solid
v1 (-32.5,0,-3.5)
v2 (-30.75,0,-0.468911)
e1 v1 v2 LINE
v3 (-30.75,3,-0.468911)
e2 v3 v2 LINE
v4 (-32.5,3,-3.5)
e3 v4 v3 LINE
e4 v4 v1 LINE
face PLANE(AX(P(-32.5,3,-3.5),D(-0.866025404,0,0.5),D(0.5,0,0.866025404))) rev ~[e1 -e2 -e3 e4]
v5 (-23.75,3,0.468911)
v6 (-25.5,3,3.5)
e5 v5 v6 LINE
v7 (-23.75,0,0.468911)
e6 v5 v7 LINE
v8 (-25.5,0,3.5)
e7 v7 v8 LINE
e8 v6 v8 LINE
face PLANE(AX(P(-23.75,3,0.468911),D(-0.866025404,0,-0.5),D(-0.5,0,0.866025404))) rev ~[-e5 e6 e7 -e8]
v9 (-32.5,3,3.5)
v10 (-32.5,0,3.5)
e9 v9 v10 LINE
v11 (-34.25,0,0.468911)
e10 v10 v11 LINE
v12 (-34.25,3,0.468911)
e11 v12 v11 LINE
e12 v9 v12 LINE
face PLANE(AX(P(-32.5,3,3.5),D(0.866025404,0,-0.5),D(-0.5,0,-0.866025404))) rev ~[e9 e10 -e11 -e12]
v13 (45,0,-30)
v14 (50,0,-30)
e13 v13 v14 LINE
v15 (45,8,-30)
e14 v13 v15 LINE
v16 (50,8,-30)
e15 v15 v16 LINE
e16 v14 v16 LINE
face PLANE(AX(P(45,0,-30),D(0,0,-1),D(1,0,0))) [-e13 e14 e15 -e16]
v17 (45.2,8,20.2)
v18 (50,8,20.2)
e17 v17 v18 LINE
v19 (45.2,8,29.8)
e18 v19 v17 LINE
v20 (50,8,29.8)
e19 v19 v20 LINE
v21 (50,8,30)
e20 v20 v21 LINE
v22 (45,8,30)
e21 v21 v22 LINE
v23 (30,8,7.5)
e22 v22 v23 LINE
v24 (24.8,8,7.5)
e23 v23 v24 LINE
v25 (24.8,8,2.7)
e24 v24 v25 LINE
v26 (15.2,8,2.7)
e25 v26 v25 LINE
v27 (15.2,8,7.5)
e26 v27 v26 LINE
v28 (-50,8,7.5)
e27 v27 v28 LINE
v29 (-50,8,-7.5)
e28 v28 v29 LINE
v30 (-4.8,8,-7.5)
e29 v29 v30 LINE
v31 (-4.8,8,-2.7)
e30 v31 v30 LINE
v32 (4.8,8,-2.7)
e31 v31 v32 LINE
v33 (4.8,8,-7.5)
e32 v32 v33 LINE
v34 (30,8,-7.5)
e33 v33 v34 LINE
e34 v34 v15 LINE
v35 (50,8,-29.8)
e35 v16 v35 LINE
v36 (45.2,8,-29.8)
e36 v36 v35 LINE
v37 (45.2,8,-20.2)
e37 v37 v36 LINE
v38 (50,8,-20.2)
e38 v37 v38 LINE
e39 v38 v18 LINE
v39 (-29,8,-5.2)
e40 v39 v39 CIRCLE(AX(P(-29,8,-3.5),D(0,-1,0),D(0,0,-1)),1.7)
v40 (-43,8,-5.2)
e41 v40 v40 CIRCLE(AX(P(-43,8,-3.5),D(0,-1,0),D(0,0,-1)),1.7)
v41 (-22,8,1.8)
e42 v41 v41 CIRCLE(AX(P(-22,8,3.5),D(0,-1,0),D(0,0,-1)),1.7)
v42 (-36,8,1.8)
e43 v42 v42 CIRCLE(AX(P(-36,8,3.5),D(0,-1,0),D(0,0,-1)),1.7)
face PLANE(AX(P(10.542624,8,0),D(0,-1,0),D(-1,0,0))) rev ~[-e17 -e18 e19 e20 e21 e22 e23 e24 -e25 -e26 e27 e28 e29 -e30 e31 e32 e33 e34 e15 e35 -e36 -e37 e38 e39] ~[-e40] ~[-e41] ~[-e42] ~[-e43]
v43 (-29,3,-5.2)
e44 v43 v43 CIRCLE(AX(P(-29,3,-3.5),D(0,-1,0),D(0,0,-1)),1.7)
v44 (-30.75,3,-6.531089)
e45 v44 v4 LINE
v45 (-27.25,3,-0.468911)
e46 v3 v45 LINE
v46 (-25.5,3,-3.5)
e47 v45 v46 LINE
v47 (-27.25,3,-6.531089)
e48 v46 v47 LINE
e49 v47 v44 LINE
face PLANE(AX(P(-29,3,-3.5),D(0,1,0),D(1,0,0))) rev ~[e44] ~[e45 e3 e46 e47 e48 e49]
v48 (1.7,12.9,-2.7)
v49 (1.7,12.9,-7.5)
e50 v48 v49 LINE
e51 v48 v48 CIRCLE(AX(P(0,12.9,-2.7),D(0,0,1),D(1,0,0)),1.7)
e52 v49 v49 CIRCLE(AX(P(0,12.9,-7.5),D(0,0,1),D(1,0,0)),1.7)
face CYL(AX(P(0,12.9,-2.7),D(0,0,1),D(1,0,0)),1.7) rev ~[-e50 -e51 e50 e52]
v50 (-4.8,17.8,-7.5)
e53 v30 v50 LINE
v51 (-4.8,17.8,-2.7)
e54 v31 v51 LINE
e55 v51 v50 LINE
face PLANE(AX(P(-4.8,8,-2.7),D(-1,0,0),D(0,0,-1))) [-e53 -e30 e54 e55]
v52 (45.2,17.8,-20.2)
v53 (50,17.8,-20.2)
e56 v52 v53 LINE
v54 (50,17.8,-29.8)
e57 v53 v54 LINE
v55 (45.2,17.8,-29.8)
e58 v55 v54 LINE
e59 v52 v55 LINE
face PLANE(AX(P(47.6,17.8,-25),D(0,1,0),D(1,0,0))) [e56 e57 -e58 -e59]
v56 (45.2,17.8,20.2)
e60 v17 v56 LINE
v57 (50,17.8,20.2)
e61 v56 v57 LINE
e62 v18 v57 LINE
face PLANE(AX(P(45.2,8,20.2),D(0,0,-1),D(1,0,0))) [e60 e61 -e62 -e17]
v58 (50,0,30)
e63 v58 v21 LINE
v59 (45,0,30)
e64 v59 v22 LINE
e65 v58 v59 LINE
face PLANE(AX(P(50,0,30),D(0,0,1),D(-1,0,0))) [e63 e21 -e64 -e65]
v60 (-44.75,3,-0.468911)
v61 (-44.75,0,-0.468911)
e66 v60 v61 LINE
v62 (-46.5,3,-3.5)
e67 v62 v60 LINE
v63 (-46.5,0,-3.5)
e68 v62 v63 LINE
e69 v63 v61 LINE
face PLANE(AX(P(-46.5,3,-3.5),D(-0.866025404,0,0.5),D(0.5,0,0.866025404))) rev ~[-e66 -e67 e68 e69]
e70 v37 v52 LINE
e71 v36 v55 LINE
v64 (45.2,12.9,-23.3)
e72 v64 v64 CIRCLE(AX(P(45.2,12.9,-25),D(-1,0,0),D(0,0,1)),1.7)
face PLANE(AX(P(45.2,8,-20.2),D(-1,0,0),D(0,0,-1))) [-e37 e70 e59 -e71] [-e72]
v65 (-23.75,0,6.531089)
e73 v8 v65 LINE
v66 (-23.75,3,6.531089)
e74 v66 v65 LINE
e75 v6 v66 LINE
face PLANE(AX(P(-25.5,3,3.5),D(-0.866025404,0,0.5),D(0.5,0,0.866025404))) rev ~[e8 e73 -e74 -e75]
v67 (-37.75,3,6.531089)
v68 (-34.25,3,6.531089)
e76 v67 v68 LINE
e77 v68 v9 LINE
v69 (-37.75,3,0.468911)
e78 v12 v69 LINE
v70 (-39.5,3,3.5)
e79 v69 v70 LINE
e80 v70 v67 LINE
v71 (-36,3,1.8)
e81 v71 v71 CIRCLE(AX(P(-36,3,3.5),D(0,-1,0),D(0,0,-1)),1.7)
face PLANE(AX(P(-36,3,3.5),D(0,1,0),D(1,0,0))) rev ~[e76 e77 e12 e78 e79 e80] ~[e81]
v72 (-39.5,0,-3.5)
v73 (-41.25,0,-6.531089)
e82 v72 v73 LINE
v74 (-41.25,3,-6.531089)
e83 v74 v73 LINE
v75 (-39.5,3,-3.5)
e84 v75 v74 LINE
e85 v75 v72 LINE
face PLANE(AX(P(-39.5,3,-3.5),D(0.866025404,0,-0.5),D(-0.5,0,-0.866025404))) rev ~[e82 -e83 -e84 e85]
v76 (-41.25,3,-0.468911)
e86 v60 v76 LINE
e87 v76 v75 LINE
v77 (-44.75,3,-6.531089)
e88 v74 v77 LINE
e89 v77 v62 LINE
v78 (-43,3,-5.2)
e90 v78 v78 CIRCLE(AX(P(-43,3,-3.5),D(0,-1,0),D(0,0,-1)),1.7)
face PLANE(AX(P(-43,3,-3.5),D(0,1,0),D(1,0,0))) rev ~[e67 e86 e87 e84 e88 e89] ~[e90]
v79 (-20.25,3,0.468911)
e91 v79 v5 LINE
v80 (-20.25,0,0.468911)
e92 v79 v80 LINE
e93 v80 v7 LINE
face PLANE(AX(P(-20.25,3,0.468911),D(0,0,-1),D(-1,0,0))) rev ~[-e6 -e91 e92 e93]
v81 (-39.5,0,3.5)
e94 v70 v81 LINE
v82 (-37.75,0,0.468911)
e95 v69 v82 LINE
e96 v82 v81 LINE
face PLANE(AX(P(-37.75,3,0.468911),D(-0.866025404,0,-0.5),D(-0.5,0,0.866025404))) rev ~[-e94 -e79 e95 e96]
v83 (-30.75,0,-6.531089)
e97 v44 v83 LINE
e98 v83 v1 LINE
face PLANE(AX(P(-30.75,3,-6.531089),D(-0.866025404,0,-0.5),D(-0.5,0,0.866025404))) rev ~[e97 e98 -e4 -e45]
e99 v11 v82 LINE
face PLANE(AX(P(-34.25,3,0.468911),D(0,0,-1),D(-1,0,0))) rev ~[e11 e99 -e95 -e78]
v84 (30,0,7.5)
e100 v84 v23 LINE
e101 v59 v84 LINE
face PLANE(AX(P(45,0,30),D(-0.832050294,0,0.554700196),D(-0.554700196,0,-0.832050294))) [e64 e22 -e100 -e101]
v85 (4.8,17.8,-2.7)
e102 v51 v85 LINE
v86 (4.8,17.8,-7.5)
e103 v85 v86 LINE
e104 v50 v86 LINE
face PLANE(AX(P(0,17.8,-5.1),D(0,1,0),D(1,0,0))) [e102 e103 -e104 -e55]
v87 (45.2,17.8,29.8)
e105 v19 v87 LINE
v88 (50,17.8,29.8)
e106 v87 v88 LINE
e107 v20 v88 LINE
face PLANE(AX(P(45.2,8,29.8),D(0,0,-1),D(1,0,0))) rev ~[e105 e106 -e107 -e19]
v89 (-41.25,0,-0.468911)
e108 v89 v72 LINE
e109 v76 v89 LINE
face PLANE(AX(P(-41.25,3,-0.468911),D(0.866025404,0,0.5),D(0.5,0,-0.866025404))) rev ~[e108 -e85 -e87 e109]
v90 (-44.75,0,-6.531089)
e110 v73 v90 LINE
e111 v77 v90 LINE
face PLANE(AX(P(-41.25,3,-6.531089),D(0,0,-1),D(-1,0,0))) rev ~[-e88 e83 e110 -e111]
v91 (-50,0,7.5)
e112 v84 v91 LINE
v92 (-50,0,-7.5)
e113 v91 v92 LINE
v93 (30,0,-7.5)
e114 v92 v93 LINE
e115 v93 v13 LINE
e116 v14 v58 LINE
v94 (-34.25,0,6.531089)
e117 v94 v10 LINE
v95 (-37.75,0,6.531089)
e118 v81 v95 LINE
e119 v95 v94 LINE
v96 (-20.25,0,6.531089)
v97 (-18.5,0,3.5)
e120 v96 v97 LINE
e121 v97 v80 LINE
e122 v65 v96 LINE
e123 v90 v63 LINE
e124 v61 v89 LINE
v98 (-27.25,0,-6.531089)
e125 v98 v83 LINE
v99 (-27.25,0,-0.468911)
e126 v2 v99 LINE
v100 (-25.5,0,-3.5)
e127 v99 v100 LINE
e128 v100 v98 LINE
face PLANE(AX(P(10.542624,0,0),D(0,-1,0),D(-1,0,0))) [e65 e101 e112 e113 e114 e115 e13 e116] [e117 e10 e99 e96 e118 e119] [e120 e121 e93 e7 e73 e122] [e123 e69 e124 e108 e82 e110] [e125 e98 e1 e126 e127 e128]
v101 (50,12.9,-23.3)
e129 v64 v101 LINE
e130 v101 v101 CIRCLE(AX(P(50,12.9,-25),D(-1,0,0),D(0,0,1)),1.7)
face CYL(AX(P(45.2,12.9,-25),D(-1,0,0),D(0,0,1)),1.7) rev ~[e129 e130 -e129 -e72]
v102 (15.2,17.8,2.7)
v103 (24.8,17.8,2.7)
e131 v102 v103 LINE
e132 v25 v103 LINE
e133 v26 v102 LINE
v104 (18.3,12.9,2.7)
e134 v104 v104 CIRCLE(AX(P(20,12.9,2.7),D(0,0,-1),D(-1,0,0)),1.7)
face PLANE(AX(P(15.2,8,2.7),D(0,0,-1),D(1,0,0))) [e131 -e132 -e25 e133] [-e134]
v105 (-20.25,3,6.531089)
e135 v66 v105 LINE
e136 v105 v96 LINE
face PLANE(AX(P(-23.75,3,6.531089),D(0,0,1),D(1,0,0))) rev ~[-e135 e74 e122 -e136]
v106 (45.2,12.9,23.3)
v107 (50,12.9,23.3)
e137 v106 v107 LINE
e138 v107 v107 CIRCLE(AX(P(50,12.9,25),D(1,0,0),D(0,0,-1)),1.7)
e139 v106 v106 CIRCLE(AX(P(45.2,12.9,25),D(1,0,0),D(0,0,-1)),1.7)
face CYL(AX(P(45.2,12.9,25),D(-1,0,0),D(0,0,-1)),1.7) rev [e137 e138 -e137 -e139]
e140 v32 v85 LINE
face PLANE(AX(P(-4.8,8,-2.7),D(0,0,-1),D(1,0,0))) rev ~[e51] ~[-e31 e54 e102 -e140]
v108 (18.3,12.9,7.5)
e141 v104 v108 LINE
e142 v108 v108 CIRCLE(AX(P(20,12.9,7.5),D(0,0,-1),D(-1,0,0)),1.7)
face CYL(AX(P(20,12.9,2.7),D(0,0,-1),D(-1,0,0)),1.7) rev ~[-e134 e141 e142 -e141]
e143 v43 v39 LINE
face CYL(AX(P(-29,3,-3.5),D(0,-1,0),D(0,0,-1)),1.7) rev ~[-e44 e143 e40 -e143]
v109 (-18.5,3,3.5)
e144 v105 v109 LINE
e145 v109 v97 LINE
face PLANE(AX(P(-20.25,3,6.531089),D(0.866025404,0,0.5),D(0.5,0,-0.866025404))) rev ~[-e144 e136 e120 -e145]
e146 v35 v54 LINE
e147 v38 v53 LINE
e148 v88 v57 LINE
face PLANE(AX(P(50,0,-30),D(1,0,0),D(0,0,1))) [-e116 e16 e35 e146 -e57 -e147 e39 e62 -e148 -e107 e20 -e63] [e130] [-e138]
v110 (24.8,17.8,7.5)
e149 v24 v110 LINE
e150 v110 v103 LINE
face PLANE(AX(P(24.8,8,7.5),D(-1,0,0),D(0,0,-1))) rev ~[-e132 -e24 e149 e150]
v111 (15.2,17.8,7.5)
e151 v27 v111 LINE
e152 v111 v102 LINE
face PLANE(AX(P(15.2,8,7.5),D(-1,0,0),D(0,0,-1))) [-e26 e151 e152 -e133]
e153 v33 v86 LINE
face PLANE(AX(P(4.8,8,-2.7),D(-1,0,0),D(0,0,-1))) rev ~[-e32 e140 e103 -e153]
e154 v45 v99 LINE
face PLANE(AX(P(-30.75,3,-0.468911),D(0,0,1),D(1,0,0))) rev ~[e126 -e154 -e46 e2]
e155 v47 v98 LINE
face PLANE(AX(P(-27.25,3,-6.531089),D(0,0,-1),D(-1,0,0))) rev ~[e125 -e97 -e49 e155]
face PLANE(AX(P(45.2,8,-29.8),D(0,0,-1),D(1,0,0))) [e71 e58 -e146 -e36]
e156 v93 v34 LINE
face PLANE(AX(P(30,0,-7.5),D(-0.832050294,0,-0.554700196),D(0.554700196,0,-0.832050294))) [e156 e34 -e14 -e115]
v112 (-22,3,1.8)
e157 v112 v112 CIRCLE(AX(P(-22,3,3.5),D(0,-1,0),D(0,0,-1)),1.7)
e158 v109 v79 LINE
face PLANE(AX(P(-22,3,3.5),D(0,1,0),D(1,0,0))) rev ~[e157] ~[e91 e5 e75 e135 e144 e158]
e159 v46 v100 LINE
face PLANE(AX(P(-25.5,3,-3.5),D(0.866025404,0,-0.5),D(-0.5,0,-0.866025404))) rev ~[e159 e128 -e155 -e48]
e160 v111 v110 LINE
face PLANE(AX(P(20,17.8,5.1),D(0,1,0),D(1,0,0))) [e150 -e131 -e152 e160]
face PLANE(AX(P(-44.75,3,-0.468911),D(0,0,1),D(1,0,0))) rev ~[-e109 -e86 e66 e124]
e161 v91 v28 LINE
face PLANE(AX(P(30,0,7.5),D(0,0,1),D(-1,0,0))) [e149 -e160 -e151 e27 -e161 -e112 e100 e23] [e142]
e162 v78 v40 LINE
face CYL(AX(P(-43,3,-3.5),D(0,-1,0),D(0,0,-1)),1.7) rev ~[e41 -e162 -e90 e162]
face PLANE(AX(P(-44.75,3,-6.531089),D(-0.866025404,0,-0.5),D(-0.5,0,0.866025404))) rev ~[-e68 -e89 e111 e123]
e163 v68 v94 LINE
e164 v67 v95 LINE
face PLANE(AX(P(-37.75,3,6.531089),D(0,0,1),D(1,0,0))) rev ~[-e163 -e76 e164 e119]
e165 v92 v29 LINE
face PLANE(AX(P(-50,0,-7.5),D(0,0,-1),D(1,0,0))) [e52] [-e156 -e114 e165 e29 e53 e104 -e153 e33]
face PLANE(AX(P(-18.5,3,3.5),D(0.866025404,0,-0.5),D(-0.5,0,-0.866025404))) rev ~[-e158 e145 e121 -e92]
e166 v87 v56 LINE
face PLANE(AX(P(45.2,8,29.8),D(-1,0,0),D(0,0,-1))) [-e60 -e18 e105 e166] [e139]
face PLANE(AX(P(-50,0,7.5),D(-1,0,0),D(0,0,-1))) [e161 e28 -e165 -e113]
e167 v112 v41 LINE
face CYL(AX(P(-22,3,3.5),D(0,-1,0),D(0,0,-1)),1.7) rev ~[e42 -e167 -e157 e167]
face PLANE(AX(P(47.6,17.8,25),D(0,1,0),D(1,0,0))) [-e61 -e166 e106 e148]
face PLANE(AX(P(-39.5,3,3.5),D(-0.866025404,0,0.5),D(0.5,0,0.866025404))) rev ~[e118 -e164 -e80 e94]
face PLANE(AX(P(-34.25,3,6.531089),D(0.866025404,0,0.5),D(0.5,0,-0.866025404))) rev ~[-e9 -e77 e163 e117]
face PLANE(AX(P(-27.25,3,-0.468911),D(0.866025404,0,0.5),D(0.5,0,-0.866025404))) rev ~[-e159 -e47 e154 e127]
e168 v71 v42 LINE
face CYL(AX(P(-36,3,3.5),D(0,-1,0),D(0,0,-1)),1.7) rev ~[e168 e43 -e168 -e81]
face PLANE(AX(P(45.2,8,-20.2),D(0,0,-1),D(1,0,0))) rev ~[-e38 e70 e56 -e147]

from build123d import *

# Parameters (mm, degrees)
BOSS_EXTRUDE1_DEPTH = 8
SKETCH2_W           = 4.8
SKETCH2_H           = 9.6
SKETCH2_W_2         = 9.6
SKETCH2_H_2         = 4.8
BOSS_EXTRUDE2_DEPTH = 9.8
CUT_EXTRUDE1_REACH  = 103.39
SKETCH3_R           = 1.7
CUT_EXTRUDE2_REACH  = 64.339
SKETCH4_R           = 1.7
CUT_EXTRUDE3_REACH  = 64.339
SKETCH5_R           = 1.7
CUT_EXTRUDE4_START  = -5
CUT_EXTRUDE4_DEPTH  = 3
SKETCH10_R          = 1.7
CUT_EXTRUDE7_DEPTH  = 5
LPATTERN2_COUNT     = 2
LPATTERN2_PITCH     = 14


with BuildPart() as part:
    # Sketch1 → Boss-Extrude1 (new body)
    with BuildSketch(Plane(origin=(0, 0, 0), x_dir=(1, 0, 0), z_dir=(0, 1, 0))):
        Polygon((50, 30), (50, -30), (45, -30), (30, -7.5), (-50, -7.5), (-50, 7.5), (30, 7.5), (45, 30), align=None)
    extrude(amount=BOSS_EXTRUDE1_DEPTH)

    # Sketch2 → Boss-Extrude2 (add)
    with BuildSketch(Plane(origin=(0, 8, 0), x_dir=(1, 0, 0), z_dir=(0, 1, 0))):
        with Locations((47.6, 25)):
            Rectangle(SKETCH2_W, SKETCH2_H)
        with Locations((47.6, -25)):
            Rectangle(SKETCH2_W, SKETCH2_H)
        with Locations((20, -5.1)):
            Rectangle(SKETCH2_W_2, SKETCH2_H_2)
        with Locations((0, 5.1)):
            Rectangle(SKETCH2_W_2, SKETCH2_H_2)
    extrude(amount=BOSS_EXTRUDE2_DEPTH)

    # Sketch3 → Cut-Extrude1 (cut, up to next)
    with BuildSketch(Plane.ZY.offset(-45.2), mode=Mode.PRIVATE) as cut_extrude1_sk1:
        with Locations((-25, 12.9)):
            Circle(SKETCH3_R)
    cut_extrude1_tool1 = extrude(cut_extrude1_sk1.sketch, amount=-CUT_EXTRUDE1_REACH, mode=Mode.PRIVATE) & part.part
    cut_extrude1 = cut_extrude1_tool1.solids().sort_by_distance((45.2, 12.9, -25))[0]
    add(cut_extrude1, mode=Mode.SUBTRACT)

    # Mirror1: Cut-Extrude1 across plane
    add(cut_extrude1.mirror(Plane.XY), mode=Mode.SUBTRACT)

    # Sketch4 → Cut-Extrude2 (cut, up to next)
    with BuildSketch(Plane(origin=(0, 0, 2.7), x_dir=(-1, 0, 0), z_dir=(0, 0, -1)), mode=Mode.PRIVATE) as cut_extrude2_sk1:
        with Locations((-20, 12.9)):
            Circle(SKETCH4_R)
    cut_extrude2_tool1 = extrude(cut_extrude2_sk1.sketch, amount=-CUT_EXTRUDE2_REACH, mode=Mode.PRIVATE) & part.part
    add(cut_extrude2_tool1.solids().sort_by_distance((20, 12.9, 2.7))[0], mode=Mode.SUBTRACT)

    # Sketch5 → Cut-Extrude3 (cut, up to next)
    with BuildSketch(Plane.XY.offset(-2.7), mode=Mode.PRIVATE) as cut_extrude3_sk1:
        with Locations((0, 12.9)):
            Circle(SKETCH5_R)
    cut_extrude3_tool1 = extrude(cut_extrude3_sk1.sketch, amount=-CUT_EXTRUDE3_REACH, mode=Mode.PRIVATE) & part.part
    add(cut_extrude3_tool1.solids().sort_by_distance((0, 12.9, -2.7))[0], mode=Mode.SUBTRACT)

    # Sketch7 → Cut-Extrude4 (cut)
    with BuildSketch(Plane(origin=(0, 8, 0), x_dir=(1, 0, 0), z_dir=(0, 1, 0)).offset(CUT_EXTRUDE4_START)):
        Polygon((-46.5, 3.5), (-44.75, 0.468911087), (-41.25, 0.468911087), (-39.5, 3.5), (-41.25, 6.531088913), (-44.75, 6.531088913), align=None)
        Polygon((-32.5, -3.5), (-34.25, -0.468911087), (-37.75, -0.468911087), (-39.5, -3.5), (-37.75, -6.531088913), (-34.25, -6.531088913), align=None)
    cut_extrude4 = extrude(amount=-CUT_EXTRUDE4_DEPTH, mode=Mode.SUBTRACT)

    # Sketch10 → Cut-Extrude7 (cut)
    with BuildSketch(Plane.XZ.offset(-3)):
        with Locations(Location((-43, -3.5, 0), (0, 0, 270))):
            Circle(SKETCH10_R)
        with Locations(Location((-36, 3.5, 0), (0, 0, 270))):
            Circle(SKETCH10_R)
    cut_extrude7 = extrude(amount=-CUT_EXTRUDE7_DEPTH, mode=Mode.SUBTRACT)

    # LPattern2: Cut-Extrude4, Cut-Extrude7 ×2
    with Locations(*[(i * LPATTERN2_PITCH, 0, 0) for i in range(1, LPATTERN2_COUNT)]):
        add(cut_extrude4, mode=Mode.SUBTRACT)
        add(cut_extrude7, mode=Mode.SUBTRACT)


solid = part.part
